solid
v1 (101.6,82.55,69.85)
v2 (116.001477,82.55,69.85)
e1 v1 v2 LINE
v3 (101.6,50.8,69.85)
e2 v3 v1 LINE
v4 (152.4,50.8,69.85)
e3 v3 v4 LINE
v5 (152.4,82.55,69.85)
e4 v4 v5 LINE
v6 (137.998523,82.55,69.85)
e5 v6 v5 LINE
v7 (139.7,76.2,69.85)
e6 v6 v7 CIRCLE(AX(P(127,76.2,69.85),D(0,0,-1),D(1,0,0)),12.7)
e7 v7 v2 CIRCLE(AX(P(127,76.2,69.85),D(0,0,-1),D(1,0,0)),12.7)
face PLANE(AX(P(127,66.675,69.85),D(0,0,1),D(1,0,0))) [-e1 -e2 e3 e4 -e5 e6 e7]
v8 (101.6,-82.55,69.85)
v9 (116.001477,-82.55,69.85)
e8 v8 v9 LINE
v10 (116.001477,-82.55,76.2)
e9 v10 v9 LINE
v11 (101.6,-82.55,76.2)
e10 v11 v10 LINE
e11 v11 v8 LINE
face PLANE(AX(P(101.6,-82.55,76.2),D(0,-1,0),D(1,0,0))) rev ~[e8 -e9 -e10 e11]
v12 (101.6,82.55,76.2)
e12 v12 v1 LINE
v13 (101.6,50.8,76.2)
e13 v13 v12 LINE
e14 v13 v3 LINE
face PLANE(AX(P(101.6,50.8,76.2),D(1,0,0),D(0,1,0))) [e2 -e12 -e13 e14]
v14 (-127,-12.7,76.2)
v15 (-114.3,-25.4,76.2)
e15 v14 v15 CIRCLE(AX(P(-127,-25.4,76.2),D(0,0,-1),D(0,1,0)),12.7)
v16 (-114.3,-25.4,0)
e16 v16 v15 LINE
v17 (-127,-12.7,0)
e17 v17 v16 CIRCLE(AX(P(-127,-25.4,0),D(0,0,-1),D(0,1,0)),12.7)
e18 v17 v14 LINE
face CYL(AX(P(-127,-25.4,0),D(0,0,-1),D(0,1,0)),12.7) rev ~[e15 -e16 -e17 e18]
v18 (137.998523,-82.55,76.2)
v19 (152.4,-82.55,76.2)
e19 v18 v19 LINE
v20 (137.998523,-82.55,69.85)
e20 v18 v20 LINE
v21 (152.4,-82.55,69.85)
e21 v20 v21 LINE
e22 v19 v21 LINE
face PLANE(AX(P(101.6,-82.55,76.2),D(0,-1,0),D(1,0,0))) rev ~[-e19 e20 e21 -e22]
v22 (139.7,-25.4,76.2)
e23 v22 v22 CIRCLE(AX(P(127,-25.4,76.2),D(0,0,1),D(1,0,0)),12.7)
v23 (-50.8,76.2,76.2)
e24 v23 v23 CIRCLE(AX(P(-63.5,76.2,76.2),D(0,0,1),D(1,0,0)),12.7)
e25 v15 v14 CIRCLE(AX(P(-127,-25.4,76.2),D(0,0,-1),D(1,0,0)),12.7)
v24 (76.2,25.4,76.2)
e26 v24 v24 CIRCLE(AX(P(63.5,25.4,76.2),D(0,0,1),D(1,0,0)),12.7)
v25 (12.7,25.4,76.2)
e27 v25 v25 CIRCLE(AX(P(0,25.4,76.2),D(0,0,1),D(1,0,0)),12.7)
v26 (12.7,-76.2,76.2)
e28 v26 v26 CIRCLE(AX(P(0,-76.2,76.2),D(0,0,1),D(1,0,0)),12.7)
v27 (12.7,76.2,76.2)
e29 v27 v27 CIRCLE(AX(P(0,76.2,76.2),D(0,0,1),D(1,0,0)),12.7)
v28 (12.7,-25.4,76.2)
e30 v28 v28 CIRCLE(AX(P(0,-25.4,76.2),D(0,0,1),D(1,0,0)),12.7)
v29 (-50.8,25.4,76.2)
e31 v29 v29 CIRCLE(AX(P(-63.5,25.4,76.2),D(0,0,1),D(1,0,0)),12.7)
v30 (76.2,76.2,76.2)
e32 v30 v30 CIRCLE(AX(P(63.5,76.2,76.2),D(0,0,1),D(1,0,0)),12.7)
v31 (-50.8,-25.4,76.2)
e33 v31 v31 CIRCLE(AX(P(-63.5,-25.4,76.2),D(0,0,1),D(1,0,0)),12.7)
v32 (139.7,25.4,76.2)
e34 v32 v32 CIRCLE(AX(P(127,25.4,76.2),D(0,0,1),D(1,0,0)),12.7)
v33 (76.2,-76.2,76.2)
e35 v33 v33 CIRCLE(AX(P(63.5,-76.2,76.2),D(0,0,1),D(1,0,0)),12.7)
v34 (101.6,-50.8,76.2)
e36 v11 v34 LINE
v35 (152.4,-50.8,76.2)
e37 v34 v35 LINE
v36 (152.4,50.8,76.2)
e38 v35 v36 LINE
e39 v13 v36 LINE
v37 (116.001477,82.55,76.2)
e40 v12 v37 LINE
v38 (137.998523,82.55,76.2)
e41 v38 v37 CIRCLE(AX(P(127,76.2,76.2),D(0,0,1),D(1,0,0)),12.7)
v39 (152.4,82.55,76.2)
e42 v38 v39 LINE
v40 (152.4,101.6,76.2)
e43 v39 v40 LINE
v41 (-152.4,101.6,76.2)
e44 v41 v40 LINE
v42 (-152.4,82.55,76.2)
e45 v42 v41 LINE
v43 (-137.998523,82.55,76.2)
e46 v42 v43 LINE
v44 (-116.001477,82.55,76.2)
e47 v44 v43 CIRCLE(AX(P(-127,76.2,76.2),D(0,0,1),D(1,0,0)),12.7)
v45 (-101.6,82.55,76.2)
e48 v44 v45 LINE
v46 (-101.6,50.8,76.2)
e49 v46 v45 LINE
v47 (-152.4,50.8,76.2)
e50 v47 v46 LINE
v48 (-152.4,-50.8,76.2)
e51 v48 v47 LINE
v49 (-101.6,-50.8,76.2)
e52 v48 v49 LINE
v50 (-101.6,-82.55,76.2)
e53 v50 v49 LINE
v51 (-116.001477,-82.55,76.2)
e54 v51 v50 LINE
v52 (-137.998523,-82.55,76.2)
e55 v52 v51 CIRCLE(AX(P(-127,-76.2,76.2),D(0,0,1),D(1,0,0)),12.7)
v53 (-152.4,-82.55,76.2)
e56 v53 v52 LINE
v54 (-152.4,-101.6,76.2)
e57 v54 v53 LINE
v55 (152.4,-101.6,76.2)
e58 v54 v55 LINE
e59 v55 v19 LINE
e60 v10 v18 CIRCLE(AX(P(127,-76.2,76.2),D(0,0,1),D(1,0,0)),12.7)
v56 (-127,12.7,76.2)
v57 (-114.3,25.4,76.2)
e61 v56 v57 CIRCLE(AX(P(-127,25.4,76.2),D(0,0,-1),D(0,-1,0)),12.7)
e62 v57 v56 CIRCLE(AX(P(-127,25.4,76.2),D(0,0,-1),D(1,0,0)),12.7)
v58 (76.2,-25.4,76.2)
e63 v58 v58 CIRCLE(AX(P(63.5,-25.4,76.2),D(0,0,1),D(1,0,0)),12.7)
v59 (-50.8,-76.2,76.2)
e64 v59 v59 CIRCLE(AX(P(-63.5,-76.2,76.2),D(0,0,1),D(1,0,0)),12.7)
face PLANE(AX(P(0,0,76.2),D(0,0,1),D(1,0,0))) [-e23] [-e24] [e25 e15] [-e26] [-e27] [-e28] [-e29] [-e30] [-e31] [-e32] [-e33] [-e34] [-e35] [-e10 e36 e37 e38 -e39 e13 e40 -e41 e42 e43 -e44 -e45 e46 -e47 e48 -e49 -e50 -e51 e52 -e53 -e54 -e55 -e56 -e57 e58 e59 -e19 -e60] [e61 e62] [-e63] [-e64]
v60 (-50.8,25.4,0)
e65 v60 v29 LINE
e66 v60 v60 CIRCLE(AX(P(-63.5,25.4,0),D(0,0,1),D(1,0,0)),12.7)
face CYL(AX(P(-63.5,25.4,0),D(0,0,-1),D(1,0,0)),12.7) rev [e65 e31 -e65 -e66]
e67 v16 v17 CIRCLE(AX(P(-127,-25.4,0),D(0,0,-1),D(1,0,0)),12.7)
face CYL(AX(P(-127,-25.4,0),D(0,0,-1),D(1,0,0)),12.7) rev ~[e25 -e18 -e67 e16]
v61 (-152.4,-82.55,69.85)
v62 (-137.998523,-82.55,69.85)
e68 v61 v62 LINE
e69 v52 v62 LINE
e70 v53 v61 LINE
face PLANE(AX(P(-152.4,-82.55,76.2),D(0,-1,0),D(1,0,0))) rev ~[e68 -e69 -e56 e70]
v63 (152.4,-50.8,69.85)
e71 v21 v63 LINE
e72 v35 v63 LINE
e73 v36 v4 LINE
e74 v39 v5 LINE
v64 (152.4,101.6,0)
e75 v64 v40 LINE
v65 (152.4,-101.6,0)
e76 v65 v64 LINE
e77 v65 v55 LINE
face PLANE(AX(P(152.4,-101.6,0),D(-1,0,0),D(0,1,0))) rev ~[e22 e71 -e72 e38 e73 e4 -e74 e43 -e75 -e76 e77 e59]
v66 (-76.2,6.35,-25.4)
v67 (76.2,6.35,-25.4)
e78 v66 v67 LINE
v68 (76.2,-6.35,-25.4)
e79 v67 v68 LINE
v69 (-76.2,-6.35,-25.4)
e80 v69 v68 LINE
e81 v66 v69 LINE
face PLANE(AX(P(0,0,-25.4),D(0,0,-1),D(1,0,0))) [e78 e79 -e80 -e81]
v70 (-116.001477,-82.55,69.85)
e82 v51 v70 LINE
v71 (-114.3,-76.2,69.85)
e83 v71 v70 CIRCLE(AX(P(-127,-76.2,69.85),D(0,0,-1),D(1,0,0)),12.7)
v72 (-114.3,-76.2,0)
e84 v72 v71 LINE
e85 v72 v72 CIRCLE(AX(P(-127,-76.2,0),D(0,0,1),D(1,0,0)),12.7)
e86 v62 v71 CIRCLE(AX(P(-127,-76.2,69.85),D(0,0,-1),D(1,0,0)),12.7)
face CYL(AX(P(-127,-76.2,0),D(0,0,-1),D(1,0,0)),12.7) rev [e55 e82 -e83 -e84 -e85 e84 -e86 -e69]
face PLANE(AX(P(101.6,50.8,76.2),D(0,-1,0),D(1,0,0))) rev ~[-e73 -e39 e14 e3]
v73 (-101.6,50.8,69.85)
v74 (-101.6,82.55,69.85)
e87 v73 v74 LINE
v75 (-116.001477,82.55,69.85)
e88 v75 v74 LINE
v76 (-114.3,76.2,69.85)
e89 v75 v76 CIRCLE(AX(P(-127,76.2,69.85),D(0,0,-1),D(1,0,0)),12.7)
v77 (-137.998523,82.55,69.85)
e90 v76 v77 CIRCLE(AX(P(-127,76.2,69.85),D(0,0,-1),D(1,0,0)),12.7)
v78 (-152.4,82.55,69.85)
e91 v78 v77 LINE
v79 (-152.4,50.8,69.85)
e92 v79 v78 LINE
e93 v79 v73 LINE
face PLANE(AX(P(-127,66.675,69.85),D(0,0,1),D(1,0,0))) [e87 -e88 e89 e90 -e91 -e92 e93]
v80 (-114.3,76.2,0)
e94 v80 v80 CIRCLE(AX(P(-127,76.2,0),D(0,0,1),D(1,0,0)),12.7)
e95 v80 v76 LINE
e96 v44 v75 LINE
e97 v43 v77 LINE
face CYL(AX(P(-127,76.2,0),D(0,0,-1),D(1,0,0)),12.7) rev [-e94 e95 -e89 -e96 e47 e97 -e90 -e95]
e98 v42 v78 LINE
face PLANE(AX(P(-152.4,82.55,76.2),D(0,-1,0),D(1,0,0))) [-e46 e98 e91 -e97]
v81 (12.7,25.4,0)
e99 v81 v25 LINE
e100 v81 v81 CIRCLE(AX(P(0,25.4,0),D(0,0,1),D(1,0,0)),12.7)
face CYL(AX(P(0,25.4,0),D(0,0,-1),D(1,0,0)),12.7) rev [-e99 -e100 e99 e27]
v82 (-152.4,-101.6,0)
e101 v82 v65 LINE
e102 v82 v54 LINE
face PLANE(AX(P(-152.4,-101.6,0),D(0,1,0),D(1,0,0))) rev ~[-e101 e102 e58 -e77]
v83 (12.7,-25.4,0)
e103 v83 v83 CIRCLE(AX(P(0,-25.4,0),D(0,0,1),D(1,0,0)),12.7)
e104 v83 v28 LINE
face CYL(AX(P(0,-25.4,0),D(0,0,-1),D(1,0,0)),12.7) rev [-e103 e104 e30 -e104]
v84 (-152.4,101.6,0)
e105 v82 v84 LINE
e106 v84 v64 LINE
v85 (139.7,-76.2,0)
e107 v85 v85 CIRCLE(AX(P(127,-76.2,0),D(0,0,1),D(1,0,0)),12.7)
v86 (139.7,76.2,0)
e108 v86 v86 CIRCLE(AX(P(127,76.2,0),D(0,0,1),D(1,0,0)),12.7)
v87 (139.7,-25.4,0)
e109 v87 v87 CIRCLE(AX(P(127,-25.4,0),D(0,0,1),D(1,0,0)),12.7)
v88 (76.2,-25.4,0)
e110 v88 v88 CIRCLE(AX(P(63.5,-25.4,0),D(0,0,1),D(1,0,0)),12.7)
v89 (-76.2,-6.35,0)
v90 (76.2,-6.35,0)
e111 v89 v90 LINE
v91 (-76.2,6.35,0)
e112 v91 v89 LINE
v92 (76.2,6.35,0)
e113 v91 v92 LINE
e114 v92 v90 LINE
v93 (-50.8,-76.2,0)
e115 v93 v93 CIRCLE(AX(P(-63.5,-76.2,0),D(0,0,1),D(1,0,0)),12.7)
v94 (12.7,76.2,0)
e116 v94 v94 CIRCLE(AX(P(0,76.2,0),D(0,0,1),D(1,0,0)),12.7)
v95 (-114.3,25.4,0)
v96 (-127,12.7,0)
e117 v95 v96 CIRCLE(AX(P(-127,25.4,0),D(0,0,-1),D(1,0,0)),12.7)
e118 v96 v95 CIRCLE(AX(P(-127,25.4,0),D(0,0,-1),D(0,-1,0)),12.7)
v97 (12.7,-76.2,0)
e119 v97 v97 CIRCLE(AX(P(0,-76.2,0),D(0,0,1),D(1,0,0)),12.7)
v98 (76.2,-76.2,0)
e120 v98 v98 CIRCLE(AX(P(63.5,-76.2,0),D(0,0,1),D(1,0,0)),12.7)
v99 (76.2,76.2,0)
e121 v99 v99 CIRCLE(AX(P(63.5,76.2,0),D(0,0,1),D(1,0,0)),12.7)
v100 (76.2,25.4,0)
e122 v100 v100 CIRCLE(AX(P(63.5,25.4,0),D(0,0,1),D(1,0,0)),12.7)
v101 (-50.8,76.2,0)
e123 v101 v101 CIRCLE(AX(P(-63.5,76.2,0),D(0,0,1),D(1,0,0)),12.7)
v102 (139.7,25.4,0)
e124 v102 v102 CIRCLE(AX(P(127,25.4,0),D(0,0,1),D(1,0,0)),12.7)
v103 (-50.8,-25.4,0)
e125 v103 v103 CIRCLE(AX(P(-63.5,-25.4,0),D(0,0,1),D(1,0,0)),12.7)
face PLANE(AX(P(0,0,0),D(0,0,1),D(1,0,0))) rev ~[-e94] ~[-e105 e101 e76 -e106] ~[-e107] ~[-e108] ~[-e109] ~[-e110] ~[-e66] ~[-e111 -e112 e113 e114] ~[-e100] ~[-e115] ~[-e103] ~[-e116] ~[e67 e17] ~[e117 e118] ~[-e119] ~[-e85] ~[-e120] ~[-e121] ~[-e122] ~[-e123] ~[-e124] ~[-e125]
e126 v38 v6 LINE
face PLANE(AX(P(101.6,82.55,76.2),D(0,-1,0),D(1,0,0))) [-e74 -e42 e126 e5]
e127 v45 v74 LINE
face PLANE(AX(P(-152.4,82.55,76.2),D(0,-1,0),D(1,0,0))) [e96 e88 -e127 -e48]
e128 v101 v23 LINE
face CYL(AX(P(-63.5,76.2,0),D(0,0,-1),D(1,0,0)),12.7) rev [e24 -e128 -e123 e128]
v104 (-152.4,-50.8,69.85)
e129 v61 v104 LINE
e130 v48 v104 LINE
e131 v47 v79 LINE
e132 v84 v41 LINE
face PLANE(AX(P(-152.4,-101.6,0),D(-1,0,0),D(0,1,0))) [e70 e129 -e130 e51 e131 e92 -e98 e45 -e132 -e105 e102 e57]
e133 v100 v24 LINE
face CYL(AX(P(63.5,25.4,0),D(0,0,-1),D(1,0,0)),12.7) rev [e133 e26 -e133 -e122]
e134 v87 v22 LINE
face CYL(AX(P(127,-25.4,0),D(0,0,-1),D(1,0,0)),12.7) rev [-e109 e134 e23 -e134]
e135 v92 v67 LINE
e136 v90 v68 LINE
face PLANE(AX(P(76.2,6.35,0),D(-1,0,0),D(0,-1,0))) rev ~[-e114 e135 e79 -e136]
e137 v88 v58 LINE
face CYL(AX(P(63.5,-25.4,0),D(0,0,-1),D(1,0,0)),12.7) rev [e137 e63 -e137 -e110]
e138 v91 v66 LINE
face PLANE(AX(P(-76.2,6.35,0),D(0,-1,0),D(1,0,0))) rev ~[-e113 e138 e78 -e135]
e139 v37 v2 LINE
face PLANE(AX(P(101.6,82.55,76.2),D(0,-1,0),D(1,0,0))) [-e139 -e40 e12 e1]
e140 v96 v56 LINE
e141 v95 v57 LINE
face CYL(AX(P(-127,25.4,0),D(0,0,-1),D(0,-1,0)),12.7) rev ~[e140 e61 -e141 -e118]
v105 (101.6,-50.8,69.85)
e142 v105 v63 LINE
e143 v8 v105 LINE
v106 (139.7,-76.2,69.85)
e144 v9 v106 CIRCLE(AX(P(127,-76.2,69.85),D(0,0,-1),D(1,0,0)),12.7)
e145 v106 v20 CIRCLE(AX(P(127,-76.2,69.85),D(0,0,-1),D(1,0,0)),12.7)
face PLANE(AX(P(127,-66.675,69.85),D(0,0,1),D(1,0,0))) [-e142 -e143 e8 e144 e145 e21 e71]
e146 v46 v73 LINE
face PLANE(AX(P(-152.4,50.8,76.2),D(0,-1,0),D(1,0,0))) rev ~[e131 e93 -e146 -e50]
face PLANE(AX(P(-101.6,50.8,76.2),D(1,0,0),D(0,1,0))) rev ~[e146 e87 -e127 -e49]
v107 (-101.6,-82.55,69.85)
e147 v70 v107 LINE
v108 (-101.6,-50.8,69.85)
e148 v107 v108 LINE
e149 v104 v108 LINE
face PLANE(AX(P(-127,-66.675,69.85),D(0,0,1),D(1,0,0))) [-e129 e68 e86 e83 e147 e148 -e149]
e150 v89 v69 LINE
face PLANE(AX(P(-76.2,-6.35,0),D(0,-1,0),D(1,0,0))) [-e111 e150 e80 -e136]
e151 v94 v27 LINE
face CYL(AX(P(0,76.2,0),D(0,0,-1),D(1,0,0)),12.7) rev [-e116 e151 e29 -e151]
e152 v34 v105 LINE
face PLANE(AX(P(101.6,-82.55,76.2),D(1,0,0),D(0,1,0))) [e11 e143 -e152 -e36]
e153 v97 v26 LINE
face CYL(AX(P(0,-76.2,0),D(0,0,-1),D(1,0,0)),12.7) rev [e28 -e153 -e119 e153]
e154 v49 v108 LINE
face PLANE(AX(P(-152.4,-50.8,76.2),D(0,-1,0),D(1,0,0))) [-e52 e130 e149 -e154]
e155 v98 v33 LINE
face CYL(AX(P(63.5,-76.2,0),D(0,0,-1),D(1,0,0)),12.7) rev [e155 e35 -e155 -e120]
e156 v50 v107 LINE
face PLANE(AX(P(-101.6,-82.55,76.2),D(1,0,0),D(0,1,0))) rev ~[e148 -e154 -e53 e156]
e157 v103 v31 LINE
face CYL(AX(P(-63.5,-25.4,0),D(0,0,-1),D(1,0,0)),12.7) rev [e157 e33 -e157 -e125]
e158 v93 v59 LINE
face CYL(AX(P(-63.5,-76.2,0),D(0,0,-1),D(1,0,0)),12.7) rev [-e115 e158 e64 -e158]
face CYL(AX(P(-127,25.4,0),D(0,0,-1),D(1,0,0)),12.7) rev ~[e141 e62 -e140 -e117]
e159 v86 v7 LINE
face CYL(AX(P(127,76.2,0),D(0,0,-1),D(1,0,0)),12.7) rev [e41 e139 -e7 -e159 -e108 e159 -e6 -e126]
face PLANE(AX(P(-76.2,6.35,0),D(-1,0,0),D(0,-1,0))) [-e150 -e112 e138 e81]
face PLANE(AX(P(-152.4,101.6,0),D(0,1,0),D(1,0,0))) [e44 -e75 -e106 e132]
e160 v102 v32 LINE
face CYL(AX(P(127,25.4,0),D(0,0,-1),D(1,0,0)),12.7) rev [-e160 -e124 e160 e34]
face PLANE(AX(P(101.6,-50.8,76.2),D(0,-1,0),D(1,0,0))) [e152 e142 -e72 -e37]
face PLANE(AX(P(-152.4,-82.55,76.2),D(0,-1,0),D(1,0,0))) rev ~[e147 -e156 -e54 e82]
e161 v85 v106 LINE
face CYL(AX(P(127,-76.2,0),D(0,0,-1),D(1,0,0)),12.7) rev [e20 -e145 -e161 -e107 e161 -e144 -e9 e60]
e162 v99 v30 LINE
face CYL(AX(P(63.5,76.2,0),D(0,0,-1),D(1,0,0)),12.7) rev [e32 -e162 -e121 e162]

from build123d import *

# Parameters (mm, degrees)
F0_W     = 304.8
F0_H     = 203.2
F0_R     = 12.7
F1_DEPTH = 76.2
F2_W     = 152.4
F2_H     = 12.7
F3_DEPTH = 25.4
F4_W     = 50.8
F4_H     = 31.75
F5_DEPTH = 6.35


with BuildPart() as f1:
    # F0 (on Top) → F1 (new body)
    with BuildSketch(Plane.XY):
        Rectangle(F0_W, F0_H)
        with Locations((-127, -76.2)):
            Circle(F0_R, mode=Mode.SUBTRACT)
        with Locations((-63.5, -76.2)):
            Circle(F0_R, mode=Mode.SUBTRACT)
        with BuildLine():
            ThreePointArc((-127, -12.7), (-118.0197438789, -16.4197438789), (-114.3, -25.4))
            ThreePointArc((-114.3, -25.4), (-135.9802561211, -34.3802561211), (-127, -12.7))
        make_face(mode=Mode.SUBTRACT)
        with Locations((-63.5, -25.4)):
            Circle(F0_R, mode=Mode.SUBTRACT)
        with Locations((0, -76.2)):
            Circle(F0_R, mode=Mode.SUBTRACT)
        with Locations((63.5, -76.2)):
            Circle(F0_R, mode=Mode.SUBTRACT)
        with Locations((127, -76.2)):
            Circle(F0_R, mode=Mode.SUBTRACT)
        with Locations((0, -25.4)):
            Circle(F0_R, mode=Mode.SUBTRACT)
        with Locations((63.5, -25.4)):
            Circle(F0_R, mode=Mode.SUBTRACT)
        with Locations((127, -25.4)):
            Circle(F0_R, mode=Mode.SUBTRACT)
        with BuildLine():
            ThreePointArc((-114.3, 25.4), (-118.0197438789, 16.4197438789), (-127, 12.7))
            ThreePointArc((-127, 12.7), (-135.9802561211, 34.3802561211), (-114.3, 25.4))
        make_face(mode=Mode.SUBTRACT)
        with Locations((-63.5, 25.4)):
            Circle(F0_R, mode=Mode.SUBTRACT)
        with Locations((-127, 76.2)):
            Circle(F0_R, mode=Mode.SUBTRACT)
        with Locations((-63.5, 76.2)):
            Circle(F0_R, mode=Mode.SUBTRACT)
        with Locations((0, 25.4)):
            Circle(F0_R, mode=Mode.SUBTRACT)
        with Locations((63.5, 25.4)):
            Circle(F0_R, mode=Mode.SUBTRACT)
        with Locations((127, 25.4)):
            Circle(F0_R, mode=Mode.SUBTRACT)
        with Locations((0, 76.2)):
            Circle(F0_R, mode=Mode.SUBTRACT)
        with Locations((63.5, 76.2)):
            Circle(F0_R, mode=Mode.SUBTRACT)
        with Locations((127, 76.2)):
            Circle(F0_R, mode=Mode.SUBTRACT)
    extrude(amount=F1_DEPTH)

    # F2 (on face) → F3 (join)
    with BuildSketch(Plane(origin=(0, 0, 0), x_dir=(1, 0, 0), z_dir=(0, 0, -1))):
        Rectangle(F2_W, F2_H)
    extrude(amount=F3_DEPTH)

    # F4 (on face) → F5 (cut)
    with BuildSketch(Plane.XY.offset(76.2)):
        with Locations((-127, 66.675)):
            Rectangle(F4_W, F4_H)
        with Locations((-127, -66.675)):
            Rectangle(F4_W, F4_H)
        with Locations((127, 66.675)):
            Rectangle(F4_W, F4_H)
        with Locations((127, -66.675)):
            Rectangle(F4_W, F4_H)
    extrude(amount=-F5_DEPTH, mode=Mode.SUBTRACT)


solid = f1.part
